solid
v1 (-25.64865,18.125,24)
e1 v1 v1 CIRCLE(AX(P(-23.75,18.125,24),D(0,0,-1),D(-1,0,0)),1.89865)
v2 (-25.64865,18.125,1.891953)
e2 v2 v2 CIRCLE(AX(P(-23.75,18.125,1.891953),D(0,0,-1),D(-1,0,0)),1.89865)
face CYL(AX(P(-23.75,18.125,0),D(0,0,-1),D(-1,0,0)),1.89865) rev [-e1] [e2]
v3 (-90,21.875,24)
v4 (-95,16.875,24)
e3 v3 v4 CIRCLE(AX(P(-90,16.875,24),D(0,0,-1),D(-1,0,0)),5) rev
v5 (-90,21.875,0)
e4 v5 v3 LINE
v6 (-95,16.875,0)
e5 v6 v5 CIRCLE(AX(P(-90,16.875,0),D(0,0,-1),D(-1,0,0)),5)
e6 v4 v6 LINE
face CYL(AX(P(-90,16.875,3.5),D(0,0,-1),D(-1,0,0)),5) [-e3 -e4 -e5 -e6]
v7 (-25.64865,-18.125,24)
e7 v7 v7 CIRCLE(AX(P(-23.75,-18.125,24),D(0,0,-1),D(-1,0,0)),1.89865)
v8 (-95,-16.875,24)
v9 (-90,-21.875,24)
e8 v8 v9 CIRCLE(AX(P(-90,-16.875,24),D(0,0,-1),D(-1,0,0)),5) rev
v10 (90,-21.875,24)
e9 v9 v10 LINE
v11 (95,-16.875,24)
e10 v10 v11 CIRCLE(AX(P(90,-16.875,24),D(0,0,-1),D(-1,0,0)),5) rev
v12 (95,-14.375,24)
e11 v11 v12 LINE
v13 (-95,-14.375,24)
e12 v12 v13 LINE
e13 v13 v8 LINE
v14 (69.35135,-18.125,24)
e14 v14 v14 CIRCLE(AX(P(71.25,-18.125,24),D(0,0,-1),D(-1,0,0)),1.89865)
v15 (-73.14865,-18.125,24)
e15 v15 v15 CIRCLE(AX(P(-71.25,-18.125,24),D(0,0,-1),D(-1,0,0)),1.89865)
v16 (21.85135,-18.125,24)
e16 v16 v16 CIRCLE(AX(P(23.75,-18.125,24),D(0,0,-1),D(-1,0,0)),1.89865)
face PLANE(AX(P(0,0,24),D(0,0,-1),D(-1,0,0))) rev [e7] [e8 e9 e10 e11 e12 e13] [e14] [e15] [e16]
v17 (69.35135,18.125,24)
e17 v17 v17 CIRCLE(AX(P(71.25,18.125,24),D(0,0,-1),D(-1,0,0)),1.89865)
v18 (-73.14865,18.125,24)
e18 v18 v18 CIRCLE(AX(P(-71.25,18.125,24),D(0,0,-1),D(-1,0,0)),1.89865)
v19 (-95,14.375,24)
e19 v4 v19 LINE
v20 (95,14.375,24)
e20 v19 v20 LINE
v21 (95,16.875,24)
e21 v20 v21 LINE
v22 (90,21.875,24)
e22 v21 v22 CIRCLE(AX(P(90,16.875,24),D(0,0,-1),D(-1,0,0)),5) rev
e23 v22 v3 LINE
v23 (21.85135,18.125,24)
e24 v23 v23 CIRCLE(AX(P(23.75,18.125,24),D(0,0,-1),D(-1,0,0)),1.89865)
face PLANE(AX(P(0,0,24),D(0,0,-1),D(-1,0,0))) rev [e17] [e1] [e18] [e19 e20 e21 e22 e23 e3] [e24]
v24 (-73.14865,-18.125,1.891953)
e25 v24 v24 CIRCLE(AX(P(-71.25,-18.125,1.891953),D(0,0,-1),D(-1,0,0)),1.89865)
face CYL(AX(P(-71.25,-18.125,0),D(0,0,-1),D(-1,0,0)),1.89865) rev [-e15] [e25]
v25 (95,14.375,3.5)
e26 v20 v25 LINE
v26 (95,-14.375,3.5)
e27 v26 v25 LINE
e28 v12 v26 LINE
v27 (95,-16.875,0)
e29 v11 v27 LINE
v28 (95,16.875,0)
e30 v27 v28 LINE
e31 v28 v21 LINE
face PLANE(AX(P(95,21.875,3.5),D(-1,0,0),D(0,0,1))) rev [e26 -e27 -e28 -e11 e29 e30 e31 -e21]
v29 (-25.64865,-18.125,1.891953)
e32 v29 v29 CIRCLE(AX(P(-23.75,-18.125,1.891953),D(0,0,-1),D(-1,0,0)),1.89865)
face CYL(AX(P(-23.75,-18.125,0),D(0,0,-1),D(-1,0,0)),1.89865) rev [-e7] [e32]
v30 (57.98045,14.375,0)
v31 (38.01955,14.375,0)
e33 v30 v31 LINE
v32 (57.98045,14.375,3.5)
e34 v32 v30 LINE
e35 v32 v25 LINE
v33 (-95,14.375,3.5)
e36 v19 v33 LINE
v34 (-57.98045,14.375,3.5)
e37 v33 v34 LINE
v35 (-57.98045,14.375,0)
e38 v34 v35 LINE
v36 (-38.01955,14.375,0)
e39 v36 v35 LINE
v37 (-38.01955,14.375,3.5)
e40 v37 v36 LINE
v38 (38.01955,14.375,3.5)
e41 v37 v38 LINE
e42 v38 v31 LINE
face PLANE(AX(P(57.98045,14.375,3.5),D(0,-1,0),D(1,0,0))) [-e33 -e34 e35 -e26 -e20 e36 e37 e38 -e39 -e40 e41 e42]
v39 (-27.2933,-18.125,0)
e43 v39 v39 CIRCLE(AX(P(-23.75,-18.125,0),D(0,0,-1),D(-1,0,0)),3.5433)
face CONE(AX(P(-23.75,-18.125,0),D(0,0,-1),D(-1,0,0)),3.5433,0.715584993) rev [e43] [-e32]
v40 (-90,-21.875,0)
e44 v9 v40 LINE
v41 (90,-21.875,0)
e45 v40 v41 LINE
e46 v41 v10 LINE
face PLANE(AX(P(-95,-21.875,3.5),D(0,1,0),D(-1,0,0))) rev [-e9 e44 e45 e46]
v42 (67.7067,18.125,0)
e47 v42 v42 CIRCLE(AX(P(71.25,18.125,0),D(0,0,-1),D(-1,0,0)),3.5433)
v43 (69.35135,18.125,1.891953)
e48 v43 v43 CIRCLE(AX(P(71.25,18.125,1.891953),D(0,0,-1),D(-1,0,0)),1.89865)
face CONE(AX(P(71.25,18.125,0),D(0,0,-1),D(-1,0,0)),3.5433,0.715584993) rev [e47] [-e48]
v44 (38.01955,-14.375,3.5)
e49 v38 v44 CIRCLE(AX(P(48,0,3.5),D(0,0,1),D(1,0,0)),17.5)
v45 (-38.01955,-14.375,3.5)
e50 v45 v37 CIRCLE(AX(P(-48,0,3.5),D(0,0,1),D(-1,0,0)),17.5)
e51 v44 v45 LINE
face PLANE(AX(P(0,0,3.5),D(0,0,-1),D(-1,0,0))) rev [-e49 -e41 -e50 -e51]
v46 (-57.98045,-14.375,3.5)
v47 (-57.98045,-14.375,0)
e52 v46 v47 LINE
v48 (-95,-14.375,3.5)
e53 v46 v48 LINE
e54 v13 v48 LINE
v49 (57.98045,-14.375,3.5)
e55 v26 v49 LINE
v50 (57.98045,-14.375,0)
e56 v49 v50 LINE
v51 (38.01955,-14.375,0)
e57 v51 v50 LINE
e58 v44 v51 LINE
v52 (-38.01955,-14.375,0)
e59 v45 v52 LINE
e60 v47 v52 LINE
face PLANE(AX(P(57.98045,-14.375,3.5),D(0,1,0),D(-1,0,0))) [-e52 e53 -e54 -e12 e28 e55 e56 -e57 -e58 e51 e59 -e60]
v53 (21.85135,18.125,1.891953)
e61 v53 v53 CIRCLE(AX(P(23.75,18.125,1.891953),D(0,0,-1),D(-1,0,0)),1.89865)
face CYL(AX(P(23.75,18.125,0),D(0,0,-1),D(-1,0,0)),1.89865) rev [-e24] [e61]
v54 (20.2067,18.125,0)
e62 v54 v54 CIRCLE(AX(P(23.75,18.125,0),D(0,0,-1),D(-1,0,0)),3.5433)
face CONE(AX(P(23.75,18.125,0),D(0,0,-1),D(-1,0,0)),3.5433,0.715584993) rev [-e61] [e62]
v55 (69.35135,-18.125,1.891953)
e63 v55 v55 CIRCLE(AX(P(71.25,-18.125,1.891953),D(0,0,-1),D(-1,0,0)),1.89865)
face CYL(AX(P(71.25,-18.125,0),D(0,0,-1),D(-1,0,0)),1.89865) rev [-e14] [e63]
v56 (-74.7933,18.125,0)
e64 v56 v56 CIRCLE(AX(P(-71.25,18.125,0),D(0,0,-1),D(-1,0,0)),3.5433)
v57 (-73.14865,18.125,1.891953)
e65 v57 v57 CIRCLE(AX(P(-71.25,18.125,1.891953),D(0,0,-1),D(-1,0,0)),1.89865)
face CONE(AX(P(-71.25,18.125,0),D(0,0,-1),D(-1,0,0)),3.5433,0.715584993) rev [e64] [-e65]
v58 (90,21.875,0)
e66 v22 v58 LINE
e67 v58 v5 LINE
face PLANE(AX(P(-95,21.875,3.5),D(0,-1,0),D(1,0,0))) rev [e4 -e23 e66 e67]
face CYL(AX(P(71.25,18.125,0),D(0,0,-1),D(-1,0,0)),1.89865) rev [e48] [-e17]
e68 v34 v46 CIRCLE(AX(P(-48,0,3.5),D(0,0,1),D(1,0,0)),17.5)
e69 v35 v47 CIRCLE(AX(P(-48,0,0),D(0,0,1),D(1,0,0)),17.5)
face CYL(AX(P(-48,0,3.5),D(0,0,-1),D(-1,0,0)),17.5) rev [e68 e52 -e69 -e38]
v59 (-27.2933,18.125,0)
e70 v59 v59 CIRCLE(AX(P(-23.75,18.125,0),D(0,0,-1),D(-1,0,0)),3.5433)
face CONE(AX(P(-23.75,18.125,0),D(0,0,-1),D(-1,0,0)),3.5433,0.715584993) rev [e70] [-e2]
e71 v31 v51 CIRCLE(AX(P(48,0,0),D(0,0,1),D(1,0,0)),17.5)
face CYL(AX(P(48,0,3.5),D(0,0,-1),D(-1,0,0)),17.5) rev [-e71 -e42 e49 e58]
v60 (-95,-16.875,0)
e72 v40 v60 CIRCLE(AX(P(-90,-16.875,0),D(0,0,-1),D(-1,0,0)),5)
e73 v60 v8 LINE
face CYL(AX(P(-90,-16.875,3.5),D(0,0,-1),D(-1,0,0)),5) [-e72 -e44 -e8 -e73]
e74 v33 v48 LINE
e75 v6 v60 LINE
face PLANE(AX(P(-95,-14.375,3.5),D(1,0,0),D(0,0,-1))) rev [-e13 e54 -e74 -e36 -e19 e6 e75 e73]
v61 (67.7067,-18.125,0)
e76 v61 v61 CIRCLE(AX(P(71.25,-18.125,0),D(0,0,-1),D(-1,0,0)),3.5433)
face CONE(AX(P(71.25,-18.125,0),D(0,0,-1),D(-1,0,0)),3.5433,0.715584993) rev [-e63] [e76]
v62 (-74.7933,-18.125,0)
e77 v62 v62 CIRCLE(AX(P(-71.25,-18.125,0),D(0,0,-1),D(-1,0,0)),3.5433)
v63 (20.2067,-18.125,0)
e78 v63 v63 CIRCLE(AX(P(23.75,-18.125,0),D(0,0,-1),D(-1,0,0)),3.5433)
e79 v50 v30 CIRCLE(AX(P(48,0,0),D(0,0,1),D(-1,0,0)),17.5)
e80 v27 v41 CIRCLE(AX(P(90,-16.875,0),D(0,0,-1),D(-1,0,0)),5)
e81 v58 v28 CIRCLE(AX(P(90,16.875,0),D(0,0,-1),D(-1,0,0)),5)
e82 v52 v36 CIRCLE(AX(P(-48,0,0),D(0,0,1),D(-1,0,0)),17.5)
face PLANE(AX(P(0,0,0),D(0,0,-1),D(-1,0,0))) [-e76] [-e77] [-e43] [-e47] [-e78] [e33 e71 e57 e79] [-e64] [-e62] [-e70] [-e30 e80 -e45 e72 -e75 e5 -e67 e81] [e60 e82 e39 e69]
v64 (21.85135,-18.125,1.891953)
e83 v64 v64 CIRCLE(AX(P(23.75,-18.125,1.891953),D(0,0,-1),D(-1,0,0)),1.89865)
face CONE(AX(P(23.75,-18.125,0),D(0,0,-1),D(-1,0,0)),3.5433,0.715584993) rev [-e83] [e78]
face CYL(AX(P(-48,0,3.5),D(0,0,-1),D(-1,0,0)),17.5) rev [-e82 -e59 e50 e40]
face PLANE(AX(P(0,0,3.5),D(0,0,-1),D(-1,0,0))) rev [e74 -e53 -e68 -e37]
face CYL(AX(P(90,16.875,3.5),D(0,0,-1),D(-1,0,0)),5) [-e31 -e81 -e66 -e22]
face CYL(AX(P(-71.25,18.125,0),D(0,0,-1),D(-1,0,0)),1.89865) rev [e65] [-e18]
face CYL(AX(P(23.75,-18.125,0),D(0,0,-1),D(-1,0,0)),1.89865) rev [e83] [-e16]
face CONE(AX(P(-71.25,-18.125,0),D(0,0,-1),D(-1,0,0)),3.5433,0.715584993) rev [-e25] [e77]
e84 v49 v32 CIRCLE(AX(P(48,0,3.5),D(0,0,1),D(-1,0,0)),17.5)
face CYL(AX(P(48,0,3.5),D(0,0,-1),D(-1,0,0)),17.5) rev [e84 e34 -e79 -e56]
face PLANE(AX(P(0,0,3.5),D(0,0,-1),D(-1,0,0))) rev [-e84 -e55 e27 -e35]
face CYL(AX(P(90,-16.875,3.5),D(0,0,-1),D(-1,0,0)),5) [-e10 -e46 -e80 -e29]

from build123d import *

# Parameters (mm, degrees)
BOSS_EXTRUDE4_DEPTH                            = 3.5
SKETCH6_W                                      = 190
SKETCH6_H                                      = 7.5
BOSS_EXTRUDE5_DEPTH                            = 20.5
CSK_FOR_6_FLAT_HEAD_MACHINE_SCREW1_D           = 3.7973
CSK_FOR_6_FLAT_HEAD_MACHINE_SCREW1_CSINK_D     = 7.0866
CSK_FOR_6_FLAT_HEAD_MACHINE_SCREW1_CSINK_ANGLE = 82
FILLET1_R                                      = 5


with BuildPart() as part:
    # Sketch5 → Boss-Extrude4 (new body)
    with BuildSketch(Plane.XY):
        Polygon((95, 21.875), (95, 14.375), (95, -14.375), (95, -21.875), (-95, -21.875), (-95, -14.375), (-95, 14.375), (-95, 21.875), align=None)
        with BuildLine():
            Line((57.980449639, 14.375), (38.019550361, 14.375))
            ThreePointArc((38.019550361, 14.375), (30.5, 0), (38.019550361, -14.375))
            Line((38.019550361, -14.375), (57.980449639, -14.375))
            ThreePointArc((57.980449639, -14.375), (65.5, 0), (57.980449639, 14.375))
        make_face(mode=Mode.SUBTRACT)
        with BuildLine():
            Line((-57.980449639, -14.375), (-38.019550361, -14.375))
            ThreePointArc((-38.019550361, -14.375), (-30.5, 0), (-38.019550361, 14.375))
            Line((-38.019550361, 14.375), (-57.980449639, 14.375))
            ThreePointArc((-57.980449639, 14.375), (-65.5, 0), (-57.980449639, -14.375))
        make_face(mode=Mode.SUBTRACT)
    extrude(amount=BOSS_EXTRUDE4_DEPTH)

    # Sketch6 → Boss-Extrude5 (add)
    with BuildSketch(Plane.XY.offset(3.5)):
        with Locations((0, 18.125)):
            Rectangle(SKETCH6_W, SKETCH6_H)
        with Locations((0, -18.125)):
            Rectangle(SKETCH6_W, SKETCH6_H)
    extrude(amount=BOSS_EXTRUDE5_DEPTH)

    # CSK for #6 Flat Head Machine Screw1 (through all)
    with Locations(Plane(origin=(0, 0, 0), x_dir=(-1, 0, 0), z_dir=(0, 0, -1))):
        with Locations((71.25, 18.125), (23.75, 18.125), (-23.75, 18.125), (-71.25, 18.125), (71.25, -18.125), (23.75, -18.125), (-23.75, -18.125), (-71.25, -18.125)):
            CounterSinkHole(CSK_FOR_6_FLAT_HEAD_MACHINE_SCREW1_D / 2, CSK_FOR_6_FLAT_HEAD_MACHINE_SCREW1_CSINK_D / 2, counter_sink_angle=CSK_FOR_6_FLAT_HEAD_MACHINE_SCREW1_CSINK_ANGLE)

    # Fillet1
    fillet1_edges = [part.edges().sort_by_distance(p)[0] for p in [
        (95, 21.875, 12),
        (95, -21.875, 12),
        (-95, -21.875, 12),
        (-95, 21.875, 12),
    ]]
    fillet(fillet1_edges, radius=FILLET1_R)


solid = part.part
